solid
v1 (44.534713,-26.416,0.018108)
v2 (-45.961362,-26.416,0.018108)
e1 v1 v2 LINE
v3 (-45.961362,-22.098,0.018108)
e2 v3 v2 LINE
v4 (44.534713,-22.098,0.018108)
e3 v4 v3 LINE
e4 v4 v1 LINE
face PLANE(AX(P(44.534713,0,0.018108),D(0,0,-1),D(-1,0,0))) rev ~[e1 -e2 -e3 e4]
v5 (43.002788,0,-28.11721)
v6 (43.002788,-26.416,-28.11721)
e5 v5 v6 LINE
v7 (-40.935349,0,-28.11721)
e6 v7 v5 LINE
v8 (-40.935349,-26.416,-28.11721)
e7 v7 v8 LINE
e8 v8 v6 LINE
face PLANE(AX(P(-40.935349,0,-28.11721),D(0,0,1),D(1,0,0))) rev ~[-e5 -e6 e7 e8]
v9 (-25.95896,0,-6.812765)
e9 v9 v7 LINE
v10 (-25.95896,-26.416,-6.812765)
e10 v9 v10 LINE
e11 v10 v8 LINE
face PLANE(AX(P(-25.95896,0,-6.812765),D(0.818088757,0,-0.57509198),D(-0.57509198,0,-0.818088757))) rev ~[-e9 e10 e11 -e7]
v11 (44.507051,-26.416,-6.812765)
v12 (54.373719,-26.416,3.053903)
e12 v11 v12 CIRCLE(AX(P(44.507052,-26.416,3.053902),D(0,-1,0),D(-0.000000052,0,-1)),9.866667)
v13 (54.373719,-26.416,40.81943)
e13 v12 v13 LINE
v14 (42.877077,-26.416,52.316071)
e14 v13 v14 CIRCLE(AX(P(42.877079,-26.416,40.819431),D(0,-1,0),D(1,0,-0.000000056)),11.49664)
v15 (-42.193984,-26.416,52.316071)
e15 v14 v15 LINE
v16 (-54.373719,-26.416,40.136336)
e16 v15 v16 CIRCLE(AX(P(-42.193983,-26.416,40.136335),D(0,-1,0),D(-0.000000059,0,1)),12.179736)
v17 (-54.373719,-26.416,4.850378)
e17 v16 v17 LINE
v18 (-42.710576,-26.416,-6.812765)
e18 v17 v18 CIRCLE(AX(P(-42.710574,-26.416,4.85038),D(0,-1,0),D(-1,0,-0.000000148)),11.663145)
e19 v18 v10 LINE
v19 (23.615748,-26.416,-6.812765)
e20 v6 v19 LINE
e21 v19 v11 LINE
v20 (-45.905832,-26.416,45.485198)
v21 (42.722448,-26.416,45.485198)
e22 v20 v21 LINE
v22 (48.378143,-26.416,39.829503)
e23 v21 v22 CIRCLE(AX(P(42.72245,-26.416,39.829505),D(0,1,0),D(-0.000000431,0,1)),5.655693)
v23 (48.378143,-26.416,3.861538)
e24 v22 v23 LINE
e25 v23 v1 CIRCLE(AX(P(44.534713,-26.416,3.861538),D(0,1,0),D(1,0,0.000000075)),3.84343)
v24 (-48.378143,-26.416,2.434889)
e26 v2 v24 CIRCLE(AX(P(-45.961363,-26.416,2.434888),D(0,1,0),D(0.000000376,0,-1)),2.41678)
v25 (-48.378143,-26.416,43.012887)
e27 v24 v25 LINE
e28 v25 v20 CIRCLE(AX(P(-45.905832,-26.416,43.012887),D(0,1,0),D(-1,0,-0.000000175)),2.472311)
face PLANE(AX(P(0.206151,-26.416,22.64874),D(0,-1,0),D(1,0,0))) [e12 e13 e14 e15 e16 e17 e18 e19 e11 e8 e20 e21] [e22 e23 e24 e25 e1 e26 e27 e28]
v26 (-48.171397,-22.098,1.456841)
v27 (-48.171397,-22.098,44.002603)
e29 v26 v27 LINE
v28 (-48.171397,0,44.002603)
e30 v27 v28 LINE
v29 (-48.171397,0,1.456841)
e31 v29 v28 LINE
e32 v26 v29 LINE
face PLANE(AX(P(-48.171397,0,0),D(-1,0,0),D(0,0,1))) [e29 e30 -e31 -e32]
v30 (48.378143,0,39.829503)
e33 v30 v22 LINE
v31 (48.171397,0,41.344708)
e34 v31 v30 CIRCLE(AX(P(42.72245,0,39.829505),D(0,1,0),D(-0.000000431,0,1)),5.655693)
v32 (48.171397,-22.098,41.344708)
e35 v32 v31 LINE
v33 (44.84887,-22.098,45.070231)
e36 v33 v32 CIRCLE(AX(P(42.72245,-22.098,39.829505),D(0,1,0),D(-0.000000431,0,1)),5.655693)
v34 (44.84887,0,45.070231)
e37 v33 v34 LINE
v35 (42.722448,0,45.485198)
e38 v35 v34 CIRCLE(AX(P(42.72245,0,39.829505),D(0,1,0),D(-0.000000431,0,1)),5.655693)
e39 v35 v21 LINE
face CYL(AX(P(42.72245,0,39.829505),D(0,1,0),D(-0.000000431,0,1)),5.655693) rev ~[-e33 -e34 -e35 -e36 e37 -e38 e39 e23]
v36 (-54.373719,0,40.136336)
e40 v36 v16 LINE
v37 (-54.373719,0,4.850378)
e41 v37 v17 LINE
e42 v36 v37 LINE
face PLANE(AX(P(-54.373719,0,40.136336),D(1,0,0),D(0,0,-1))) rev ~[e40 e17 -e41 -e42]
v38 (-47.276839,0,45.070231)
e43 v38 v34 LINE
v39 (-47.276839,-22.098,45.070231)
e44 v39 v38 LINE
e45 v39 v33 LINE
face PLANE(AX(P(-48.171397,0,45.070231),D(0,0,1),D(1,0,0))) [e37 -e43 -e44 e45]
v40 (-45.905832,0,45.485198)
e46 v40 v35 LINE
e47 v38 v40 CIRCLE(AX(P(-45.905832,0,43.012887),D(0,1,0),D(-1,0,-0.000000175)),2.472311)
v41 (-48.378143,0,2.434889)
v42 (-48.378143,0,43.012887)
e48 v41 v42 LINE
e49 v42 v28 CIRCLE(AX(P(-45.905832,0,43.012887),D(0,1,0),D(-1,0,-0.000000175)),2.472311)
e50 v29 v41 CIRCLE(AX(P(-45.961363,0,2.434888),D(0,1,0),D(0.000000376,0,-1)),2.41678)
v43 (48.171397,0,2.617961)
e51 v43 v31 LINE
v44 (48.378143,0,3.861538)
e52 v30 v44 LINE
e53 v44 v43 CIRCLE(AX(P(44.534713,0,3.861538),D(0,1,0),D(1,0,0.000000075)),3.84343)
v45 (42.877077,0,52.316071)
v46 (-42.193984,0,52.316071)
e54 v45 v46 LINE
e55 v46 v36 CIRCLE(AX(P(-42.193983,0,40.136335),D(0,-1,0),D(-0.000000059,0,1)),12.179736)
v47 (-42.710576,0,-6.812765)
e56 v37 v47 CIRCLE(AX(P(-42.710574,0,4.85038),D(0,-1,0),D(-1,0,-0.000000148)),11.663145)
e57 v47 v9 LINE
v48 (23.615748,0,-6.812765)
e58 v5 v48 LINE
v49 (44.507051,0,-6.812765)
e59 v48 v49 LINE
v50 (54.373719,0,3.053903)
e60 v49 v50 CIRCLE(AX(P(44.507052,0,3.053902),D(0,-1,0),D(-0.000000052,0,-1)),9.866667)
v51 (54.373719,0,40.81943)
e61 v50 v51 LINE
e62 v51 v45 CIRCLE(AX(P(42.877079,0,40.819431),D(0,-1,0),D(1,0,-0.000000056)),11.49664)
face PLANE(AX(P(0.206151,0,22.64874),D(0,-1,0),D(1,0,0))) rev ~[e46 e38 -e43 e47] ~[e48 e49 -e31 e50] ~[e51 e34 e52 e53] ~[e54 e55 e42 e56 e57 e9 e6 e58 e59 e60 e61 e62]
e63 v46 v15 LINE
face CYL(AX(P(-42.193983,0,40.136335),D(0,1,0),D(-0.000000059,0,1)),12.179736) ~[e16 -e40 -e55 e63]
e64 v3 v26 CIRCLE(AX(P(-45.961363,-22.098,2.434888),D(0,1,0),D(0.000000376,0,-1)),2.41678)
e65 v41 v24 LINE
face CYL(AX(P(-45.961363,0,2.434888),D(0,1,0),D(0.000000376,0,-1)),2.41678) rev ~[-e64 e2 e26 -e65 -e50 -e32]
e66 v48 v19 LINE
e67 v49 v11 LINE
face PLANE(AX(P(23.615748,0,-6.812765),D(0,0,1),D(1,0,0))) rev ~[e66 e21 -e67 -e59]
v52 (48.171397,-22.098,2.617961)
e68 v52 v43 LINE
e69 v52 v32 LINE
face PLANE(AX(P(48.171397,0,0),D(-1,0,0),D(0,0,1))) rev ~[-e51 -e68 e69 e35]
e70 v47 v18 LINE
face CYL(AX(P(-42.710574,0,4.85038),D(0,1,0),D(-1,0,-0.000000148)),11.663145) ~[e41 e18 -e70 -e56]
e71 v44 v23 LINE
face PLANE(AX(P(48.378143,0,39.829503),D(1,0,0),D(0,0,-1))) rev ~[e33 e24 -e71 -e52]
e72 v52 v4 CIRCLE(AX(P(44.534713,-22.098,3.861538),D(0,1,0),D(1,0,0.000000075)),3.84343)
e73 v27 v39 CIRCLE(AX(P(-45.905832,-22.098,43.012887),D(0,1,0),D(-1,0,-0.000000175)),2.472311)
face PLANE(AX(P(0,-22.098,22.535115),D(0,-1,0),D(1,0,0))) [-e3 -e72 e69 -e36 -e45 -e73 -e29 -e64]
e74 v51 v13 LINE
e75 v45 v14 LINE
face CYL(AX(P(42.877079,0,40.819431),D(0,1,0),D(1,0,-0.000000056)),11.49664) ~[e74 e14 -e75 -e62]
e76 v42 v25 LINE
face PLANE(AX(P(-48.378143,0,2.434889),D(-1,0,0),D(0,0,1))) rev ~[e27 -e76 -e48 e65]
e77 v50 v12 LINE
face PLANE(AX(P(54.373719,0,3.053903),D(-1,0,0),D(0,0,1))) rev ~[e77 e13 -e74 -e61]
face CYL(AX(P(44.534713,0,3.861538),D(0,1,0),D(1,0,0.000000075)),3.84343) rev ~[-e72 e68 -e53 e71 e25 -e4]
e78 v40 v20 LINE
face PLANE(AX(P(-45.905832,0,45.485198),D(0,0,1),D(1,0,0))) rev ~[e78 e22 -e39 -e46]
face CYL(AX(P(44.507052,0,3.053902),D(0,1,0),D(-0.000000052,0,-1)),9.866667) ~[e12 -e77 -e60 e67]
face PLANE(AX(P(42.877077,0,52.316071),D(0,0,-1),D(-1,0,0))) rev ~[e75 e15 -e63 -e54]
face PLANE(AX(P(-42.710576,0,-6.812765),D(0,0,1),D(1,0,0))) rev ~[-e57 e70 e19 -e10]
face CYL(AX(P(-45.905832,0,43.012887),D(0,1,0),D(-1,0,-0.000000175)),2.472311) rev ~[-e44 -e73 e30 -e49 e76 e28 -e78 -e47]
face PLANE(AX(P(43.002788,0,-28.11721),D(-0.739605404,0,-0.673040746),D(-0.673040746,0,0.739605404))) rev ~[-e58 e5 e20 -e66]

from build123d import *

# Parameters (mm, degrees)
F1_DEPTH = 26.416
F2_W     = 96.342794
F2_H     = 45.070231
F3_DEPTH = 22.098


with BuildPart() as f1:
    # F0 (on Front) → F1 (new body)
    with BuildSketch(Plane.XZ):
        with BuildLine():
            Line((42.877077, 52.316071), (-42.193984, 52.316071))
            ThreePointArc((-42.193984, 52.316071), (-50.806357, 48.748709), (-54.373719, 40.136336))
            Line((-54.373719, 40.136336), (-54.373719, 4.850378))
            ThreePointArc((-54.373719, 4.850378), (-50.957663, -3.396709), (-42.710576, -6.812765))
            Line((-42.710576, -6.812765), (-25.95896, -6.812765))
            Line((-25.95896, -6.812765), (23.615748, -6.812765))
            Line((23.615748, -6.812765), (44.507051, -6.812765))
            ThreePointArc((44.507051, -6.812765), (51.483839, -3.922885), (54.373719, 3.053903))
            Line((54.373719, 3.053903), (54.373719, 40.81943))
            ThreePointArc((54.373719, 40.81943), (51.006431, 48.948783), (42.877077, 52.316071))
        make_face()
        with BuildLine():
            ThreePointArc((-48.378143, 43.012887), (-47.65402, 44.761075), (-45.905832, 45.485198))
            Line((-45.905832, 45.485198), (42.722448, 45.485198))
            ThreePointArc((42.722448, 45.485198), (46.721629, 43.828684), (48.378143, 39.829503))
            Line((48.378143, 39.829503), (48.378143, 3.861538))
            ThreePointArc((48.378143, 3.861538), (47.252429, 1.143823), (44.534713, 0.018108))
            Line((44.534713, 0.018108), (-45.961362, 0.018108))
            ThreePointArc((-45.961362, 0.018108), (-47.670285, 0.725967), (-48.378143, 2.434889))
            Line((-48.378143, 2.434889), (-48.378143, 43.012887))
        make_face(mode=Mode.SUBTRACT)
        Polygon((23.615748, -6.812765), (-25.95896, -6.812765), (-40.935349, -28.11721), (43.002788, -28.11721), align=None)
    extrude(amount=F1_DEPTH)

    # F2 (on Front) → F3 (join)
    with BuildSketch(Plane.XZ):
        with Locations((0, 22.535115)):
            Rectangle(F2_W, F2_H)
    extrude(amount=F3_DEPTH)


solid = f1.part
